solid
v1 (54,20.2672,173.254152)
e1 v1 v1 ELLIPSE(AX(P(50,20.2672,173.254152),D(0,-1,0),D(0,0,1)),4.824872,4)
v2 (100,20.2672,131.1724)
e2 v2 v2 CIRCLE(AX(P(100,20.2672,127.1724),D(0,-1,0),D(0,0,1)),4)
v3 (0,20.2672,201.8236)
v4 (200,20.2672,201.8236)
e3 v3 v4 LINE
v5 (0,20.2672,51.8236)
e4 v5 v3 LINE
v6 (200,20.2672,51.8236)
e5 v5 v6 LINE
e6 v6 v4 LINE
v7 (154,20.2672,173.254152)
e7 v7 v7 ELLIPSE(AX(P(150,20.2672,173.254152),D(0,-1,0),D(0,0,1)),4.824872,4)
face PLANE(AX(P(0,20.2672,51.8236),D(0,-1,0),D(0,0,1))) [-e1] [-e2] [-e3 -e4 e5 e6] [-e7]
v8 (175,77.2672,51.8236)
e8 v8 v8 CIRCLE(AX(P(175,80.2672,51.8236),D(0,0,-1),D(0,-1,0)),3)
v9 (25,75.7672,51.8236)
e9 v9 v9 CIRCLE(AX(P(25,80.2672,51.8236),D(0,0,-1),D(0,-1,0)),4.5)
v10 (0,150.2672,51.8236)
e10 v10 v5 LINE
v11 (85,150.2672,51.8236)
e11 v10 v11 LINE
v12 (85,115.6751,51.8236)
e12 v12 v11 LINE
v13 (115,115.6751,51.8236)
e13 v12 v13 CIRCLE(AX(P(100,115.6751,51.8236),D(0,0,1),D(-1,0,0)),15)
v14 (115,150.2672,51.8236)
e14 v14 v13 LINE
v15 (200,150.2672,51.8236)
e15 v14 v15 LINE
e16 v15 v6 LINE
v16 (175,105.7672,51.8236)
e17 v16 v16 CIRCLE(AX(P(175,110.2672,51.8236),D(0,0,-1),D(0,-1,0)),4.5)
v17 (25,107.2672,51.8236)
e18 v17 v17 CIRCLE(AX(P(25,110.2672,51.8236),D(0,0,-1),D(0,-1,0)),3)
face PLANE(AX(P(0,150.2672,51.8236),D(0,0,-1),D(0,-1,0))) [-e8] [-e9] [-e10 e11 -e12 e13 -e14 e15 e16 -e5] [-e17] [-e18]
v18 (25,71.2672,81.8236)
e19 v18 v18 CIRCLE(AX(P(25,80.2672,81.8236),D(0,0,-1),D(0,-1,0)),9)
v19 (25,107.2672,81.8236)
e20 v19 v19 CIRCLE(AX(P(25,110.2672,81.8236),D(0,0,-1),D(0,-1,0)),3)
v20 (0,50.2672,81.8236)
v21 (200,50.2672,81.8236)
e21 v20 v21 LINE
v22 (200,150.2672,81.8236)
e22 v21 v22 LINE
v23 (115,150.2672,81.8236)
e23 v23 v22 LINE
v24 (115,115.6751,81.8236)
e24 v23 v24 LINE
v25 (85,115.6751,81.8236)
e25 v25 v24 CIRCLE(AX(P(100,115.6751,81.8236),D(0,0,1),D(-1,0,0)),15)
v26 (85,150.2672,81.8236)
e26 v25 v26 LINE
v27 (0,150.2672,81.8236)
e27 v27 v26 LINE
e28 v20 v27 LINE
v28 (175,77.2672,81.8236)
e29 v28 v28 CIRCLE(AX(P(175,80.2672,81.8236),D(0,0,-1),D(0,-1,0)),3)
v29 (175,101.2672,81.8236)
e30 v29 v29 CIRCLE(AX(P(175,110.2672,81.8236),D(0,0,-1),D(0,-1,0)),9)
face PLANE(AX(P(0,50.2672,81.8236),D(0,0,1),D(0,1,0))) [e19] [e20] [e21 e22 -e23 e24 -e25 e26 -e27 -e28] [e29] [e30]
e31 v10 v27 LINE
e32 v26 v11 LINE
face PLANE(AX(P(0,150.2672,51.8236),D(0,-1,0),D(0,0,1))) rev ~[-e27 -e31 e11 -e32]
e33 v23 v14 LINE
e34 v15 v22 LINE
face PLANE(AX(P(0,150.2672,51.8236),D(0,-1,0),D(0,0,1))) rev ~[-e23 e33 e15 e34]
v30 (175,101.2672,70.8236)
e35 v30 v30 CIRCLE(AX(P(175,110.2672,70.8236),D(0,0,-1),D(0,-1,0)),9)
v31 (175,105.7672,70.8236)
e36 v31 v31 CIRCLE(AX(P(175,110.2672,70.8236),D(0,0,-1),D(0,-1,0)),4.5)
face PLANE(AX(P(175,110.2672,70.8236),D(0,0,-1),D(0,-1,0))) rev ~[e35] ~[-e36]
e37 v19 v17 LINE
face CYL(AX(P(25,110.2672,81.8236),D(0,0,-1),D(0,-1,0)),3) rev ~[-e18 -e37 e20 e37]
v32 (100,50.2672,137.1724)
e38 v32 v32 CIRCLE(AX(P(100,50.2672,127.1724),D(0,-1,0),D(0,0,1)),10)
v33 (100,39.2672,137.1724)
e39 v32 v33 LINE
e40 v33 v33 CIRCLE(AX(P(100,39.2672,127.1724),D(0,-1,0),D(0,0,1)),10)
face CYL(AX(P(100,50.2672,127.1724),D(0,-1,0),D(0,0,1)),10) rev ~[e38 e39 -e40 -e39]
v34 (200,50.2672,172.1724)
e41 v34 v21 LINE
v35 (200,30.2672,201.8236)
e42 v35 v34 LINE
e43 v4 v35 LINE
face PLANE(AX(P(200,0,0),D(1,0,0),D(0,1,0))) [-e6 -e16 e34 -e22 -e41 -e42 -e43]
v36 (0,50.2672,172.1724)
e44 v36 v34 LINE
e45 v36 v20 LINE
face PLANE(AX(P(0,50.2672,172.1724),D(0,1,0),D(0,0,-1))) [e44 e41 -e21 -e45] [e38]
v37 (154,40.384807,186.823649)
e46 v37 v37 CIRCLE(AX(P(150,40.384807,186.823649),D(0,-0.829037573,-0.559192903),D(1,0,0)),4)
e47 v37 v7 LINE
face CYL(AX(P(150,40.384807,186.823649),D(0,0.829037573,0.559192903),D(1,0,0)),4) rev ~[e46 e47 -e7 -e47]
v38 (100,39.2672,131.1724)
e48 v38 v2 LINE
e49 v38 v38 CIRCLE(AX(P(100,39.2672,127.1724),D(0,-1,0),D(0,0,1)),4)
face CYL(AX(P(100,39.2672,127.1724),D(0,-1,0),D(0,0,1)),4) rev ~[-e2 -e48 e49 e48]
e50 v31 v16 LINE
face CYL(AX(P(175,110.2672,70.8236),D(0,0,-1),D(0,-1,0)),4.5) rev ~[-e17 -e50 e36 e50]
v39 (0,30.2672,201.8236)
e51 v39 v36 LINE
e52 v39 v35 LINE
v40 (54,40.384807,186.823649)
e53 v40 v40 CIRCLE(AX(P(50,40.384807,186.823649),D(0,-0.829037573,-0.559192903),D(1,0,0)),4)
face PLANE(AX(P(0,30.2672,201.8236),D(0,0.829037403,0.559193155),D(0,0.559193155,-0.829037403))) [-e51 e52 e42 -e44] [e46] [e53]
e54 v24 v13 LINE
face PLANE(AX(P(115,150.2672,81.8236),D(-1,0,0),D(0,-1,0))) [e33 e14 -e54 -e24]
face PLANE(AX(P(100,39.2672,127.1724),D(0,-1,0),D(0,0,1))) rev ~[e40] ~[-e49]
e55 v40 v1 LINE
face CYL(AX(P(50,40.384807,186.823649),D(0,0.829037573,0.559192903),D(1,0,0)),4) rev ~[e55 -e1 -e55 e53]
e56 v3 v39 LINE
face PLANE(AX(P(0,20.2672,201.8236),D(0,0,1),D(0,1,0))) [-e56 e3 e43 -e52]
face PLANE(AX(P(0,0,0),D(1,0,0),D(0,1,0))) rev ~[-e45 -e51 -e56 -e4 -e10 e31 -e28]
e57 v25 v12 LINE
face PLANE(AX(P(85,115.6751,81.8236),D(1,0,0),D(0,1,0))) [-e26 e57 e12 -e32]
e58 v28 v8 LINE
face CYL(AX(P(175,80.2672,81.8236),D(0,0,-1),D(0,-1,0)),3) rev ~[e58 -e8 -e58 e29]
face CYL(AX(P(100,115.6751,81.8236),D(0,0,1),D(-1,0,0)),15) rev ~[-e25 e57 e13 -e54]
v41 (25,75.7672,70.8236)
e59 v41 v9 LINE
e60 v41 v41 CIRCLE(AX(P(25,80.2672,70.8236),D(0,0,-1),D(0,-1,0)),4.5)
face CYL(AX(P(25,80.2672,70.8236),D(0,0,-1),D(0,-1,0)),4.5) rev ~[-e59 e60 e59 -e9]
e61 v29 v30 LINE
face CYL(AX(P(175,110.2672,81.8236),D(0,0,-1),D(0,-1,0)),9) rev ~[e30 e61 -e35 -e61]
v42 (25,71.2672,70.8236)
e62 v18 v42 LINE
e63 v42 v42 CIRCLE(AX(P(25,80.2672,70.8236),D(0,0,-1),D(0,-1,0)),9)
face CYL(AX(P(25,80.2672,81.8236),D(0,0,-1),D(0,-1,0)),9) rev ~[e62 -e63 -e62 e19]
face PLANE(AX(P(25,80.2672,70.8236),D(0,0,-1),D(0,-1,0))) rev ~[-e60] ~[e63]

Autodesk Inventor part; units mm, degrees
ref_plane "YZ Plane" through (0, 0, 0) normal (1, 0, 0) x (0, 1, 0)
ref_plane "XZ Plane" through (0, 0, 0) normal (0, 1, 0) x (-1, 0, 0)
sketch "Sketch1" plane through (0, 0, 0) normal (1, 0, 0) x (0, 1, 0)
  line L0 (150.2672, 51.8236) -> (150.2672, 81.8236)
  line L1 (150.2672, 51.8236) -> (20.2672, 51.8236)
  line L2 (20.2672, 51.8236) -> (20.2672, 201.8236)
  line L3 (20.2672, 201.8236) -> (30.2672, 201.8236)
  line L4 (30.2672, 201.8236) -> (50.2672, 172.1724)
  line L5 (50.2672, 172.1724) -> (50.2672, 81.8236)
  line L6 (50.2672, 81.8236) -> (150.2672, 81.8236)
  dimension "d1" = 30
  dimension "d2" = 130
  dimension "d3" = 150
  dimension "d4" = 56
  dimension "d5" = 20
  dimension "d6" = 30
extrude "Extrusion1" add sketch "Sketch1" along normal blind 200
ref_plane "Work Plane1" through (0, 20.2672, 186.8236) normal (0, 0, -1) x (-1, 0, 0)
sketch "Sketch2" plane through (0, 50.2672, 172.1724) normal (0, 0.829, 0.5592) x (1, 0, 0)
  line L0 (200, -35.7658) -> (200, 0) projected
  circle A0 centre (150, -17.6726) radius 4
  circle A1 centre (50, -17.6726) radius 4
  line L1 (-20, -17.6726) -> (260, -17.6726) projected
  dimension "d10" = 8
  dimension "d11" = 50
  dimension "d12" = 100
extrude "Extrusion2" cut sketch "Sketch2" against normal up to next
sketch "Sketch3" plane through (0, 50.2672, 81.8236) normal (0, 0, 1) x (1, 0, 0)
  line L0 (200, 0) -> (200, 100) projected
  line L1 (0, 100) -> (200, 100) projected
  line L2 (0, 100) -> (0, 0) projected
  line L3 (85, 100) -> (115, 100)
  line L4 (115, 100) -> (115, 65.4079)
  line L5 (85, 65.4079) -> (85, 100)
  arc A0 (85, 65.4079) -> (115, 65.4079) centre (100, 65.4079) ccw
  dimension "d15" = 30
  dimension "d16" = 100
extrude "Extrusion3" cut sketch "Sketch3" against normal up to next
hole "Hole1" at (175, 80.2672, 81.8236) direction (0, 0, -1) diameter 6 depth 85 tip angle 118
hole "Hole2" at (175, 110.2672, 81.8236) direction (0, 0, -1) diameter 9 depth 30 tip angle 118 counterbore diameter 18 counterbore depth 11
hole "Hole3" at (25, 80.2672, 81.8236) direction (0, 0, -1) diameter 9 depth 30 tip angle 118 counterbore diameter 18 counterbore depth 11
hole "Hole4" at (25, 110.2672, 81.8236) direction (0, 0, -1) diameter 6 depth 30 tip angle 118
hole "Hole5" at (100, 50.2672, 127.1724) direction (0, -1, 0) diameter 8 depth 30 tip angle 118 counterbore diameter 20 counterbore depth 11
properties part number "bracket"
